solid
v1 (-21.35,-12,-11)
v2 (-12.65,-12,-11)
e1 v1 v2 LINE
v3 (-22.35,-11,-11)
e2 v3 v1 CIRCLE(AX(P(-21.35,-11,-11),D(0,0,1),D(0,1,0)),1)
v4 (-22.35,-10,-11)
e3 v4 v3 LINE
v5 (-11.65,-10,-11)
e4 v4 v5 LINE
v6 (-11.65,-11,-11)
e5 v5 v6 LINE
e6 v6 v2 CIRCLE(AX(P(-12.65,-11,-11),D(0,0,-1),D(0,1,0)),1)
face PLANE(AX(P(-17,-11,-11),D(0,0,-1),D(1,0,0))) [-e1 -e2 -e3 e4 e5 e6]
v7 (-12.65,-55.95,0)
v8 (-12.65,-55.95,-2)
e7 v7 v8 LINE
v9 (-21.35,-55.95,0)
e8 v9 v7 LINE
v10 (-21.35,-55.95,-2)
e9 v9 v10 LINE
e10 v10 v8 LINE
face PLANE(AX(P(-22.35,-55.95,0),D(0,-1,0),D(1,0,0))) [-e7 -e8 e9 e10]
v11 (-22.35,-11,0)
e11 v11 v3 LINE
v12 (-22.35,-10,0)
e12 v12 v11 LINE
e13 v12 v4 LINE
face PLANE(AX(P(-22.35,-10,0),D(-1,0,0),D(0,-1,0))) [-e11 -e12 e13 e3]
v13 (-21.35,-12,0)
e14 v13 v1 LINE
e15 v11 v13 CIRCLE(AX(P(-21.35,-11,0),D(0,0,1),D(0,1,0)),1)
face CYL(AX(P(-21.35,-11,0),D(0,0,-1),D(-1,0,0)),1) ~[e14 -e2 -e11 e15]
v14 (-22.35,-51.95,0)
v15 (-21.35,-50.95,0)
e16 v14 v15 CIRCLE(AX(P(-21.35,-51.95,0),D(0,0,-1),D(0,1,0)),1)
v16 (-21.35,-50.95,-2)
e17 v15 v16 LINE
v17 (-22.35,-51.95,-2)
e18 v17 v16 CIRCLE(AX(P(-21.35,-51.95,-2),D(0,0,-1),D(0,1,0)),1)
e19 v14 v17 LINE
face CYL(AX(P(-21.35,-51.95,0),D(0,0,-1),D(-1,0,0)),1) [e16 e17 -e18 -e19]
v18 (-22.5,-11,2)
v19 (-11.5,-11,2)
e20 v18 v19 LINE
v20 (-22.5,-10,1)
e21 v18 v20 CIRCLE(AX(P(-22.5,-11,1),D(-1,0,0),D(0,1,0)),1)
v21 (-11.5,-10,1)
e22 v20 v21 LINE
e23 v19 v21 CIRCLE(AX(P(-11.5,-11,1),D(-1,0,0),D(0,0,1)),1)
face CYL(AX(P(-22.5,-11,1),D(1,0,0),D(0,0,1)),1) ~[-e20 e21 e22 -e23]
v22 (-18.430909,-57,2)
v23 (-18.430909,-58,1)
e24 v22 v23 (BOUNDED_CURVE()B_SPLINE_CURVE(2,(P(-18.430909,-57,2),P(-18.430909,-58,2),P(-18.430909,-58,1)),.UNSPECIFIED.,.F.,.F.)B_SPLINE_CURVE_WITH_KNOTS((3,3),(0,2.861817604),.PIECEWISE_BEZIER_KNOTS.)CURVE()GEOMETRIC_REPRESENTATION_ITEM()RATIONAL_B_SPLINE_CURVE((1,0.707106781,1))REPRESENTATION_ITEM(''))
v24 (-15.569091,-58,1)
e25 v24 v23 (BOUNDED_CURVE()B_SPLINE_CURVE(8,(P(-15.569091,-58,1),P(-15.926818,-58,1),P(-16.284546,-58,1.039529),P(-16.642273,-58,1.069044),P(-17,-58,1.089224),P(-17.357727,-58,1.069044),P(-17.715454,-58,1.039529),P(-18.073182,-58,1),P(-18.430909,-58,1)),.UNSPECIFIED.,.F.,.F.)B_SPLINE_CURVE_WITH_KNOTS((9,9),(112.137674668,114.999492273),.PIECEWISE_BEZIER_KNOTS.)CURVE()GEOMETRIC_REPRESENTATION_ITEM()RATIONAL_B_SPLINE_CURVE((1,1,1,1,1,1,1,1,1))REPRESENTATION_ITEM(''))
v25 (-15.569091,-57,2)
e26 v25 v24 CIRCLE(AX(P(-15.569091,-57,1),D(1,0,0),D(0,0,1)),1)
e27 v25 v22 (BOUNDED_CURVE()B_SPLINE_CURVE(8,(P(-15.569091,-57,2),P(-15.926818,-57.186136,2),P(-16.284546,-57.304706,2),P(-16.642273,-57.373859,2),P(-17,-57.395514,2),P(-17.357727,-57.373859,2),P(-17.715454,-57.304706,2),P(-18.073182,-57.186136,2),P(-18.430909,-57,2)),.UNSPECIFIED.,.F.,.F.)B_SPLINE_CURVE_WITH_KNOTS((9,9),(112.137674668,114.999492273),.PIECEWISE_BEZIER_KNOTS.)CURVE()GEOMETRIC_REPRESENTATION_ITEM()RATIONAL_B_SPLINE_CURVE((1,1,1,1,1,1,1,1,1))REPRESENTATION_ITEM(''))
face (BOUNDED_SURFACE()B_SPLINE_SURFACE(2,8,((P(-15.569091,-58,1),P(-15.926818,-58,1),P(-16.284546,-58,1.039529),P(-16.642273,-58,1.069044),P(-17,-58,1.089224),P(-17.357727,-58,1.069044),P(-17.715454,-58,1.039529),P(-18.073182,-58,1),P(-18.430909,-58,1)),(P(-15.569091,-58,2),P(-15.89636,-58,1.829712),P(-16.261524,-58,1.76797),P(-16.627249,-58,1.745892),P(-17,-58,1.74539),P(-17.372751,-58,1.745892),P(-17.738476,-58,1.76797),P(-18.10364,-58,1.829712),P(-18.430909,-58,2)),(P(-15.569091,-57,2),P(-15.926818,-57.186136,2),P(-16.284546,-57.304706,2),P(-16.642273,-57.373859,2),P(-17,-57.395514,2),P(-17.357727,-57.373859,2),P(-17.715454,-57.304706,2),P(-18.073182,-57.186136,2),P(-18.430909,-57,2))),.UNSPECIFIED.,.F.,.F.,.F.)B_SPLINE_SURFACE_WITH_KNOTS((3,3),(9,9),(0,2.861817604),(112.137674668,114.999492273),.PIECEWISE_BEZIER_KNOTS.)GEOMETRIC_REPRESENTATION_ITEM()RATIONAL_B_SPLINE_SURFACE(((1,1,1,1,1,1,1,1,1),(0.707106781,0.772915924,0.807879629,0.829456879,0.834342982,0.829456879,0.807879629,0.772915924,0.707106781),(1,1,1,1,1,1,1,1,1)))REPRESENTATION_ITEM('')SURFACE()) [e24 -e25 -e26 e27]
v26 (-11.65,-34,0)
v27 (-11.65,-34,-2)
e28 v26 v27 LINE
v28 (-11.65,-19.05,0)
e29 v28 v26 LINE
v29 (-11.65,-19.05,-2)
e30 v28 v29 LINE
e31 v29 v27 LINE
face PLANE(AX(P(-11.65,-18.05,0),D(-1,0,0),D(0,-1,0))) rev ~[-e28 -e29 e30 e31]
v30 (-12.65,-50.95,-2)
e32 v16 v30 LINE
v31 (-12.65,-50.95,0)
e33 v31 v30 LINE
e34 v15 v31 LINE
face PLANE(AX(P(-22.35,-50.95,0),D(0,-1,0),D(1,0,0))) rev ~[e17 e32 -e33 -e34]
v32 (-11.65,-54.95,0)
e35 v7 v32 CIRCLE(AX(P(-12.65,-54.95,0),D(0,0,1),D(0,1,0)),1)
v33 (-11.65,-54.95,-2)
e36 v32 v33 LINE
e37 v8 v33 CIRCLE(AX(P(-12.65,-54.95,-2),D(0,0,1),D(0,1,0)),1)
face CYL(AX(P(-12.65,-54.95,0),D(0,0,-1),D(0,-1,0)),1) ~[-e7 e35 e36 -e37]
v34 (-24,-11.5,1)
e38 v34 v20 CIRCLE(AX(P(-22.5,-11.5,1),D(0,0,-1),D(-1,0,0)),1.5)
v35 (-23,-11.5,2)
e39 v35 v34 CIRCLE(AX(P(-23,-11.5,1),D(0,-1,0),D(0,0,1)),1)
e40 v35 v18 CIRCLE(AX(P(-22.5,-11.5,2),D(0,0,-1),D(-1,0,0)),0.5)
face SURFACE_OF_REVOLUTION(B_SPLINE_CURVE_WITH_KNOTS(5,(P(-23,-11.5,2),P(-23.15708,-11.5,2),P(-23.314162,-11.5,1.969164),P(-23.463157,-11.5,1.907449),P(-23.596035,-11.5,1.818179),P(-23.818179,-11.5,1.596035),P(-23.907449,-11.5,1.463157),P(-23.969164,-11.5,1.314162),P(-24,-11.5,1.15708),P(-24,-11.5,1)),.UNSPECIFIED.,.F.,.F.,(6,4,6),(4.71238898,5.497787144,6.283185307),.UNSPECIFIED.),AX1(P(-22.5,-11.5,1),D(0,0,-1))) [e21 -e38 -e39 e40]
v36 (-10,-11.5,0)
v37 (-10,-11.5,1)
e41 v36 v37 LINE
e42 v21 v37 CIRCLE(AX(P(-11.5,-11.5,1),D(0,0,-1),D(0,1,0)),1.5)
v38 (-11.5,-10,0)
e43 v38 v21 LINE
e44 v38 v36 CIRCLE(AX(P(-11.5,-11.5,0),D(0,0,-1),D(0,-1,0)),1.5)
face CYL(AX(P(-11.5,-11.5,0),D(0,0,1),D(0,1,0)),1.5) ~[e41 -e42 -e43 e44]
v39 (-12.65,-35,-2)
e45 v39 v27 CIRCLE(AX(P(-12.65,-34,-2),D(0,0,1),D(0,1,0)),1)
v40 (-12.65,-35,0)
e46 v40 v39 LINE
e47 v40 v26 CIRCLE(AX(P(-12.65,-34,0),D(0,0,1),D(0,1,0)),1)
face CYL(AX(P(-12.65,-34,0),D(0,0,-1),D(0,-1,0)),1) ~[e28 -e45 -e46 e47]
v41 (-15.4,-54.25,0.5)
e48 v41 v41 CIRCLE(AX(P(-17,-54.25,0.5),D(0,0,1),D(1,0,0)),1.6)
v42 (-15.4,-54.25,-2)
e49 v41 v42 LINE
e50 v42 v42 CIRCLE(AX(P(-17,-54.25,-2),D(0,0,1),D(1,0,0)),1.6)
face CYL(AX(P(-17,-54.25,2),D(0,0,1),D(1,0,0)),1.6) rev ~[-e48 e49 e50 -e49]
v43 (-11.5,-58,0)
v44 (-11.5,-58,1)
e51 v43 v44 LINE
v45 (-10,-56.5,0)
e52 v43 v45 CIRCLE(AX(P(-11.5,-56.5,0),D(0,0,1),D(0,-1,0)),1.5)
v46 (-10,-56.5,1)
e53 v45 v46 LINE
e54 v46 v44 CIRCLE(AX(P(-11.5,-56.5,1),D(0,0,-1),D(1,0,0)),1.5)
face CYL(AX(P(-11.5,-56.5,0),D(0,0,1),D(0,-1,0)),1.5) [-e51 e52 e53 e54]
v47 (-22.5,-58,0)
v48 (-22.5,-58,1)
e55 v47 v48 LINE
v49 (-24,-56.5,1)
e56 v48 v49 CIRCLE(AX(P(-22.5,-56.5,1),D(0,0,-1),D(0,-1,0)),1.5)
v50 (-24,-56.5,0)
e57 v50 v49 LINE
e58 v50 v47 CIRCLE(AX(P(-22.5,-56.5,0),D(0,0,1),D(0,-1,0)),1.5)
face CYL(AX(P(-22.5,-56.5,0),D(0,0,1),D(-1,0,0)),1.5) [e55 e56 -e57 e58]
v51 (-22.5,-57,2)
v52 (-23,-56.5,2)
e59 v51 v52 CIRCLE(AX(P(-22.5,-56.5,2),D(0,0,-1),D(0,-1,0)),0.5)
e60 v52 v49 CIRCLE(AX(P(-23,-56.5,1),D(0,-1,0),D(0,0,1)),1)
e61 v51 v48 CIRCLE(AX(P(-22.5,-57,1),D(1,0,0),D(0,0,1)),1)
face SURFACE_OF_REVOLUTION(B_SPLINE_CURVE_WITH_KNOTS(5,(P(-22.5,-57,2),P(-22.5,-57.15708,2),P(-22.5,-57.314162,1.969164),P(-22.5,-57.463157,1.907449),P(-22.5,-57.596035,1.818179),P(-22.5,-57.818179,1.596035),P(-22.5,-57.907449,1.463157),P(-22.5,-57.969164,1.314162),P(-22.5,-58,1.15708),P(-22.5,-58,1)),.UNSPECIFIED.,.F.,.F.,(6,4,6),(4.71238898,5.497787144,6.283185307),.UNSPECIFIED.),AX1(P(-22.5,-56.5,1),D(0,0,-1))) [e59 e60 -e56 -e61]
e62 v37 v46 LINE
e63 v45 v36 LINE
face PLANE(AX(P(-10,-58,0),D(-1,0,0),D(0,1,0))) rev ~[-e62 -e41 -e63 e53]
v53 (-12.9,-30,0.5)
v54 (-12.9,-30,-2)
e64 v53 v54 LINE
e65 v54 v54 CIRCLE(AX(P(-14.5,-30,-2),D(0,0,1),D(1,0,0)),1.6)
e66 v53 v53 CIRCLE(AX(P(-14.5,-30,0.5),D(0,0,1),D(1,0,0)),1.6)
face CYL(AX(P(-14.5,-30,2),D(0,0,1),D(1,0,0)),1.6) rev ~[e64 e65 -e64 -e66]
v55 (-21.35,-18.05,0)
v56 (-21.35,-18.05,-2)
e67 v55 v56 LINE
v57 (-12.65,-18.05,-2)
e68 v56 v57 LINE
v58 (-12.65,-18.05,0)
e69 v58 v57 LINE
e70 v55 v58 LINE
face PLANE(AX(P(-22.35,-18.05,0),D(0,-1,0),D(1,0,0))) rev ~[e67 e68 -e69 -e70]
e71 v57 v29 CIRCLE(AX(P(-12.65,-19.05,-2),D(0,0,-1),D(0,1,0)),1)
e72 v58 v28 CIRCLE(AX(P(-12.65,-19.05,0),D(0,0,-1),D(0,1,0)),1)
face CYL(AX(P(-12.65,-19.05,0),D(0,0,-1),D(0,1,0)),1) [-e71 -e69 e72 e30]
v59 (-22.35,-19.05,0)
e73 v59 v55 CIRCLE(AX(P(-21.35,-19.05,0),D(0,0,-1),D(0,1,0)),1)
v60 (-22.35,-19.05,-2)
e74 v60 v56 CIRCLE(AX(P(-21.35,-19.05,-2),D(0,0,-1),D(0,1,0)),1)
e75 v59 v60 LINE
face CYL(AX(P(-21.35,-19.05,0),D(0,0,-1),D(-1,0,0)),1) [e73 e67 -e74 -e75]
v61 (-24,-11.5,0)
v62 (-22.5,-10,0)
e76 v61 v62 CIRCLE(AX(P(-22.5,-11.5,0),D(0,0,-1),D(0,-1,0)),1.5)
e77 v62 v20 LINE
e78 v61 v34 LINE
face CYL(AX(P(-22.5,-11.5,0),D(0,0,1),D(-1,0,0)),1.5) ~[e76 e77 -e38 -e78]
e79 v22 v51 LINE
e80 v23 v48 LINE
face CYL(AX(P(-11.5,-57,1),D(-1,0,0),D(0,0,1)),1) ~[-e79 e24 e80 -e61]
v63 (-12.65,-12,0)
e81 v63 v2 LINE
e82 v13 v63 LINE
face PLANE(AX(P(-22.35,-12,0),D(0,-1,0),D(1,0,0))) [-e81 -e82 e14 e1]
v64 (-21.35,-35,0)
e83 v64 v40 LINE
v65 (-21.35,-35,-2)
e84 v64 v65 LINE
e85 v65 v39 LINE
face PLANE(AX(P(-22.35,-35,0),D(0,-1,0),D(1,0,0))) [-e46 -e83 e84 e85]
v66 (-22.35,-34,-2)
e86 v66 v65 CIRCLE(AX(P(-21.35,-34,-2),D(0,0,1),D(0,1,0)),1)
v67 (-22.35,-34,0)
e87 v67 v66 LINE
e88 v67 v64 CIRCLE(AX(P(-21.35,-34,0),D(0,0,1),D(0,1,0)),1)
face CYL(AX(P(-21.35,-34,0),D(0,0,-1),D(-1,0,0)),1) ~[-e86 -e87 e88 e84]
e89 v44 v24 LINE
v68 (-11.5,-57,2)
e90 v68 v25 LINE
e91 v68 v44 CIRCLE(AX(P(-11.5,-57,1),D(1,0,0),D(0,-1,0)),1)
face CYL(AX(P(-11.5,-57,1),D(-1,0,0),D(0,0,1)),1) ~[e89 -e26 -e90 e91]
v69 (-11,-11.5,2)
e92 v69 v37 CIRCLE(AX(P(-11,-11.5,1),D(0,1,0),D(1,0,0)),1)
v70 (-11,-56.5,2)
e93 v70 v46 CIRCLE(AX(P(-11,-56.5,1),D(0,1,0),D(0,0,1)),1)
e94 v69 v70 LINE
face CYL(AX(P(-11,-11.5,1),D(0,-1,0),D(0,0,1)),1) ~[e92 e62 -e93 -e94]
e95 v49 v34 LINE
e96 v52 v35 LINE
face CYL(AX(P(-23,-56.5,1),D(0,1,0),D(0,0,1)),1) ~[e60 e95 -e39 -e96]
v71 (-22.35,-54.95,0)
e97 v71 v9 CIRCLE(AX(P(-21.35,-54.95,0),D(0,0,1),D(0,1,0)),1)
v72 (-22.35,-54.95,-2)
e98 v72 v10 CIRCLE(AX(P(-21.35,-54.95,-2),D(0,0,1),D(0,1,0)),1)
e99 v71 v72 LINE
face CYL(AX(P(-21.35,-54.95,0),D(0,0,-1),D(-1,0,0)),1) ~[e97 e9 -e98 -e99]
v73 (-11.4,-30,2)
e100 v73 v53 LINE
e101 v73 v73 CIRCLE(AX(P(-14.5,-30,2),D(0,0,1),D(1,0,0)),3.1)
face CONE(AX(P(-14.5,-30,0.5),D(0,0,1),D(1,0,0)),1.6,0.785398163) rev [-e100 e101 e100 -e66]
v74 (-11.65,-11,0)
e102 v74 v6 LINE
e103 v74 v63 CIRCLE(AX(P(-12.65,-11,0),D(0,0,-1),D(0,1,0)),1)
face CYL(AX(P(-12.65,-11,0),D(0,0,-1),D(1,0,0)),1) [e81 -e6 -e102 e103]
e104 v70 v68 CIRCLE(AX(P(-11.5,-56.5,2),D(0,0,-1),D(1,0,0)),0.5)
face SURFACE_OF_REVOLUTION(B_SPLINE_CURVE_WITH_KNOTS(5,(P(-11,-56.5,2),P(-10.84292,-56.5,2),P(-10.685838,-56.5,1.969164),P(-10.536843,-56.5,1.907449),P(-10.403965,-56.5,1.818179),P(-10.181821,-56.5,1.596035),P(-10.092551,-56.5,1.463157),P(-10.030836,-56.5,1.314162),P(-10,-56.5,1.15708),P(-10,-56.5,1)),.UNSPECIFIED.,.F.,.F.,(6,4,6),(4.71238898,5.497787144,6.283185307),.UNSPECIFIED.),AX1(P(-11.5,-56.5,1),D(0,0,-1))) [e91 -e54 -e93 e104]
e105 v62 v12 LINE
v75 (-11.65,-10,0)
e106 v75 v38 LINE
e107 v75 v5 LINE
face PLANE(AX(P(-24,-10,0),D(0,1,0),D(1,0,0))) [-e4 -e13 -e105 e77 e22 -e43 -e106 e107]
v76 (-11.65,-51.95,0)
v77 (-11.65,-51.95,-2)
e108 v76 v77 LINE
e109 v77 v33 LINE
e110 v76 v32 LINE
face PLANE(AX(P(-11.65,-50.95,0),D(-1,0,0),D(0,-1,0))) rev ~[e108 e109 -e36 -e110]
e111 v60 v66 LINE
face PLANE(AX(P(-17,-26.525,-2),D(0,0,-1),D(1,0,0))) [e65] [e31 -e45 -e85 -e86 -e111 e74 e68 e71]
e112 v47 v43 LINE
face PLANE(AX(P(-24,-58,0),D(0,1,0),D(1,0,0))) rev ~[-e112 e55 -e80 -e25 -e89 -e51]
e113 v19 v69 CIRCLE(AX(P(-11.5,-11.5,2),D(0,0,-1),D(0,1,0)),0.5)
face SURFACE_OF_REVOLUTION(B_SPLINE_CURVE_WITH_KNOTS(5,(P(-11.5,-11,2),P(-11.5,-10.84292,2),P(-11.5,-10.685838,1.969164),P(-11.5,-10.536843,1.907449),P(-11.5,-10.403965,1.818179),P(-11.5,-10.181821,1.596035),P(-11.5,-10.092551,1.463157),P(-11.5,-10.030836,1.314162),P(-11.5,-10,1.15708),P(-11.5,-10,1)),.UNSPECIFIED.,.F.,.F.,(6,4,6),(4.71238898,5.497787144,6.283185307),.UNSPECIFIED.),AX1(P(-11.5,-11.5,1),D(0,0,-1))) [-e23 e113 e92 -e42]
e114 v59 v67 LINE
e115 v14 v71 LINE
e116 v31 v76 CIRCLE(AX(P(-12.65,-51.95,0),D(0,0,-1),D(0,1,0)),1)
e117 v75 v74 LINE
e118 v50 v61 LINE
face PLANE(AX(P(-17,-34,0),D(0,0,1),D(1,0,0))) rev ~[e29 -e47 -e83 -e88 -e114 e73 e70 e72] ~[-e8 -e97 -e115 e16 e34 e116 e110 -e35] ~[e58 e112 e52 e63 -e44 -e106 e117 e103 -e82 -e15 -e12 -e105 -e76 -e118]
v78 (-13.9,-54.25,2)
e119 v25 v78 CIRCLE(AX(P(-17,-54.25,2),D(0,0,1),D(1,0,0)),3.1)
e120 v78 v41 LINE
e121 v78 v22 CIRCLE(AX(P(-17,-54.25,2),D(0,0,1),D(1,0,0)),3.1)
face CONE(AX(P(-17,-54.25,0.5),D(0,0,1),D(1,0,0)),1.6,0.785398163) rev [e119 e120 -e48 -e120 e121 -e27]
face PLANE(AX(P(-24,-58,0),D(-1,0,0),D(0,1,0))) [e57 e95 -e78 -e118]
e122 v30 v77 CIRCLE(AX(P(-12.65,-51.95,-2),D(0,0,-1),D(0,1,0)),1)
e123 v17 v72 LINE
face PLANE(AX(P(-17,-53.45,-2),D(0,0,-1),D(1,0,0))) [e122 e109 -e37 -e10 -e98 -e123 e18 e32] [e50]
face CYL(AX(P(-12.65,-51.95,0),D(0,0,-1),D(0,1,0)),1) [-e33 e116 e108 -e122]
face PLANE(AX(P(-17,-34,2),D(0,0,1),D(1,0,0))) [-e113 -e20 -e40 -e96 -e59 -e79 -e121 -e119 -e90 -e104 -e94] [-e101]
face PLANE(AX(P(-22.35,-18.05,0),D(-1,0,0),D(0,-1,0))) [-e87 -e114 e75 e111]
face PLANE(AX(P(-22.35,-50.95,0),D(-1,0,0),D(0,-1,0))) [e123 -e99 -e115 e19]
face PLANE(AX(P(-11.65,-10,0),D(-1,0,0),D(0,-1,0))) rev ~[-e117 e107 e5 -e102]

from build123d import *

# Parameters (mm, degrees)
SKETCH041_W     = 14
SKETCH041_H     = 48
PAD017_DEPTH    = 2
SKETCH043_W     = 10.7
SKETCH043_H     = 16.95
SKETCH043_H_2   = 5
PAD018_DEPTH    = 2
SKETCH044_W     = 10.7
SKETCH044_H     = 2
PAD019_DEPTH    = 11
SKETCH045_R     = 1.6
POCKET019_DEPTH = 5
CHAMFER002_SIZE = 1.5
FILLET006_R     = 1.5
FILLET007_R     = 1
FILLET008_R     = 1


with BuildPart() as part:
    # Sketch041 → Pad017 (new body)
    with BuildSketch(Plane.XY):
        with Locations((-17, -34)):
            Rectangle(SKETCH041_W, SKETCH041_H)
    extrude(amount=PAD017_DEPTH)

    # Sketch043 (on Face5 of Pad017) → Pad018 (join)
    with BuildSketch(Plane(origin=(0, 0, 0), x_dir=(1, 0, 0), z_dir=(0, 0, -1))):
        with Locations((-17, 26.525)):
            Rectangle(SKETCH043_W, SKETCH043_H)
        with Locations((-17, 53.45)):
            Rectangle(SKETCH043_W, SKETCH043_H_2)
    extrude(amount=PAD018_DEPTH)

    # Sketch044 (on Face4 of Pad018) → Pad019 (join)
    with BuildSketch(Plane(origin=(0, 0, 0), x_dir=(1, 0, 0), z_dir=(0, 0, -1))):
        with Locations((-17, 11)):
            Rectangle(SKETCH044_W, SKETCH044_H)
    extrude(amount=PAD019_DEPTH)

    # Sketch045 (on Face5 of Pad019) → Pocket019 (cut)
    with BuildSketch(Plane.XY.offset(2)):
        with Locations((-14.5, -30)):
            Circle(SKETCH045_R)
        with Locations((-17, -54.25)):
            Circle(SKETCH045_R)
    extrude(amount=-POCKET019_DEPTH, mode=Mode.SUBTRACT)

    # Chamfer002
    chamfer002_edges = [part.edges().sort_by_distance(p)[0] for p in [
        (-16.1, -30, 2),
        (-18.6, -54.25, 2),
    ]]
    chamfer(chamfer002_edges, length=CHAMFER002_SIZE)

    # Fillet006
    fillet006_edges = [part.edges().sort_by_distance(p)[0] for p in [
        (-10, -58, 1),
        (-24, -58, 1),
        (-24, -10, 1),
        (-10, -10, 1),
    ]]
    fillet(fillet006_edges, radius=FILLET006_R)

    # Fillet007
    fillet007_edges = [part.edges().sort_by_distance(p)[0] for p in [
        (-24, -34, 2),
    ]]
    fillet(fillet007_edges, radius=FILLET007_R)

    # Fillet008
    fillet008_edges = [part.edges().sort_by_distance(p)[0] for p in [
        (-22.35, -55.95, -1),
        (-11.65, -55.95, -1),
        (-22.35, -35, -1),
        (-11.65, -35, -1),
        (-11.65, -12, -5.5),
        (-22.35, -12, -5.5),
        (-11.65, -18.05, -1),
        (-22.35, -18.05, -1),
        (-22.35, -50.95, -1),
        (-11.65, -50.95, -1),
    ]]
    fillet(fillet008_edges, radius=FILLET008_R)


solid = part.part
